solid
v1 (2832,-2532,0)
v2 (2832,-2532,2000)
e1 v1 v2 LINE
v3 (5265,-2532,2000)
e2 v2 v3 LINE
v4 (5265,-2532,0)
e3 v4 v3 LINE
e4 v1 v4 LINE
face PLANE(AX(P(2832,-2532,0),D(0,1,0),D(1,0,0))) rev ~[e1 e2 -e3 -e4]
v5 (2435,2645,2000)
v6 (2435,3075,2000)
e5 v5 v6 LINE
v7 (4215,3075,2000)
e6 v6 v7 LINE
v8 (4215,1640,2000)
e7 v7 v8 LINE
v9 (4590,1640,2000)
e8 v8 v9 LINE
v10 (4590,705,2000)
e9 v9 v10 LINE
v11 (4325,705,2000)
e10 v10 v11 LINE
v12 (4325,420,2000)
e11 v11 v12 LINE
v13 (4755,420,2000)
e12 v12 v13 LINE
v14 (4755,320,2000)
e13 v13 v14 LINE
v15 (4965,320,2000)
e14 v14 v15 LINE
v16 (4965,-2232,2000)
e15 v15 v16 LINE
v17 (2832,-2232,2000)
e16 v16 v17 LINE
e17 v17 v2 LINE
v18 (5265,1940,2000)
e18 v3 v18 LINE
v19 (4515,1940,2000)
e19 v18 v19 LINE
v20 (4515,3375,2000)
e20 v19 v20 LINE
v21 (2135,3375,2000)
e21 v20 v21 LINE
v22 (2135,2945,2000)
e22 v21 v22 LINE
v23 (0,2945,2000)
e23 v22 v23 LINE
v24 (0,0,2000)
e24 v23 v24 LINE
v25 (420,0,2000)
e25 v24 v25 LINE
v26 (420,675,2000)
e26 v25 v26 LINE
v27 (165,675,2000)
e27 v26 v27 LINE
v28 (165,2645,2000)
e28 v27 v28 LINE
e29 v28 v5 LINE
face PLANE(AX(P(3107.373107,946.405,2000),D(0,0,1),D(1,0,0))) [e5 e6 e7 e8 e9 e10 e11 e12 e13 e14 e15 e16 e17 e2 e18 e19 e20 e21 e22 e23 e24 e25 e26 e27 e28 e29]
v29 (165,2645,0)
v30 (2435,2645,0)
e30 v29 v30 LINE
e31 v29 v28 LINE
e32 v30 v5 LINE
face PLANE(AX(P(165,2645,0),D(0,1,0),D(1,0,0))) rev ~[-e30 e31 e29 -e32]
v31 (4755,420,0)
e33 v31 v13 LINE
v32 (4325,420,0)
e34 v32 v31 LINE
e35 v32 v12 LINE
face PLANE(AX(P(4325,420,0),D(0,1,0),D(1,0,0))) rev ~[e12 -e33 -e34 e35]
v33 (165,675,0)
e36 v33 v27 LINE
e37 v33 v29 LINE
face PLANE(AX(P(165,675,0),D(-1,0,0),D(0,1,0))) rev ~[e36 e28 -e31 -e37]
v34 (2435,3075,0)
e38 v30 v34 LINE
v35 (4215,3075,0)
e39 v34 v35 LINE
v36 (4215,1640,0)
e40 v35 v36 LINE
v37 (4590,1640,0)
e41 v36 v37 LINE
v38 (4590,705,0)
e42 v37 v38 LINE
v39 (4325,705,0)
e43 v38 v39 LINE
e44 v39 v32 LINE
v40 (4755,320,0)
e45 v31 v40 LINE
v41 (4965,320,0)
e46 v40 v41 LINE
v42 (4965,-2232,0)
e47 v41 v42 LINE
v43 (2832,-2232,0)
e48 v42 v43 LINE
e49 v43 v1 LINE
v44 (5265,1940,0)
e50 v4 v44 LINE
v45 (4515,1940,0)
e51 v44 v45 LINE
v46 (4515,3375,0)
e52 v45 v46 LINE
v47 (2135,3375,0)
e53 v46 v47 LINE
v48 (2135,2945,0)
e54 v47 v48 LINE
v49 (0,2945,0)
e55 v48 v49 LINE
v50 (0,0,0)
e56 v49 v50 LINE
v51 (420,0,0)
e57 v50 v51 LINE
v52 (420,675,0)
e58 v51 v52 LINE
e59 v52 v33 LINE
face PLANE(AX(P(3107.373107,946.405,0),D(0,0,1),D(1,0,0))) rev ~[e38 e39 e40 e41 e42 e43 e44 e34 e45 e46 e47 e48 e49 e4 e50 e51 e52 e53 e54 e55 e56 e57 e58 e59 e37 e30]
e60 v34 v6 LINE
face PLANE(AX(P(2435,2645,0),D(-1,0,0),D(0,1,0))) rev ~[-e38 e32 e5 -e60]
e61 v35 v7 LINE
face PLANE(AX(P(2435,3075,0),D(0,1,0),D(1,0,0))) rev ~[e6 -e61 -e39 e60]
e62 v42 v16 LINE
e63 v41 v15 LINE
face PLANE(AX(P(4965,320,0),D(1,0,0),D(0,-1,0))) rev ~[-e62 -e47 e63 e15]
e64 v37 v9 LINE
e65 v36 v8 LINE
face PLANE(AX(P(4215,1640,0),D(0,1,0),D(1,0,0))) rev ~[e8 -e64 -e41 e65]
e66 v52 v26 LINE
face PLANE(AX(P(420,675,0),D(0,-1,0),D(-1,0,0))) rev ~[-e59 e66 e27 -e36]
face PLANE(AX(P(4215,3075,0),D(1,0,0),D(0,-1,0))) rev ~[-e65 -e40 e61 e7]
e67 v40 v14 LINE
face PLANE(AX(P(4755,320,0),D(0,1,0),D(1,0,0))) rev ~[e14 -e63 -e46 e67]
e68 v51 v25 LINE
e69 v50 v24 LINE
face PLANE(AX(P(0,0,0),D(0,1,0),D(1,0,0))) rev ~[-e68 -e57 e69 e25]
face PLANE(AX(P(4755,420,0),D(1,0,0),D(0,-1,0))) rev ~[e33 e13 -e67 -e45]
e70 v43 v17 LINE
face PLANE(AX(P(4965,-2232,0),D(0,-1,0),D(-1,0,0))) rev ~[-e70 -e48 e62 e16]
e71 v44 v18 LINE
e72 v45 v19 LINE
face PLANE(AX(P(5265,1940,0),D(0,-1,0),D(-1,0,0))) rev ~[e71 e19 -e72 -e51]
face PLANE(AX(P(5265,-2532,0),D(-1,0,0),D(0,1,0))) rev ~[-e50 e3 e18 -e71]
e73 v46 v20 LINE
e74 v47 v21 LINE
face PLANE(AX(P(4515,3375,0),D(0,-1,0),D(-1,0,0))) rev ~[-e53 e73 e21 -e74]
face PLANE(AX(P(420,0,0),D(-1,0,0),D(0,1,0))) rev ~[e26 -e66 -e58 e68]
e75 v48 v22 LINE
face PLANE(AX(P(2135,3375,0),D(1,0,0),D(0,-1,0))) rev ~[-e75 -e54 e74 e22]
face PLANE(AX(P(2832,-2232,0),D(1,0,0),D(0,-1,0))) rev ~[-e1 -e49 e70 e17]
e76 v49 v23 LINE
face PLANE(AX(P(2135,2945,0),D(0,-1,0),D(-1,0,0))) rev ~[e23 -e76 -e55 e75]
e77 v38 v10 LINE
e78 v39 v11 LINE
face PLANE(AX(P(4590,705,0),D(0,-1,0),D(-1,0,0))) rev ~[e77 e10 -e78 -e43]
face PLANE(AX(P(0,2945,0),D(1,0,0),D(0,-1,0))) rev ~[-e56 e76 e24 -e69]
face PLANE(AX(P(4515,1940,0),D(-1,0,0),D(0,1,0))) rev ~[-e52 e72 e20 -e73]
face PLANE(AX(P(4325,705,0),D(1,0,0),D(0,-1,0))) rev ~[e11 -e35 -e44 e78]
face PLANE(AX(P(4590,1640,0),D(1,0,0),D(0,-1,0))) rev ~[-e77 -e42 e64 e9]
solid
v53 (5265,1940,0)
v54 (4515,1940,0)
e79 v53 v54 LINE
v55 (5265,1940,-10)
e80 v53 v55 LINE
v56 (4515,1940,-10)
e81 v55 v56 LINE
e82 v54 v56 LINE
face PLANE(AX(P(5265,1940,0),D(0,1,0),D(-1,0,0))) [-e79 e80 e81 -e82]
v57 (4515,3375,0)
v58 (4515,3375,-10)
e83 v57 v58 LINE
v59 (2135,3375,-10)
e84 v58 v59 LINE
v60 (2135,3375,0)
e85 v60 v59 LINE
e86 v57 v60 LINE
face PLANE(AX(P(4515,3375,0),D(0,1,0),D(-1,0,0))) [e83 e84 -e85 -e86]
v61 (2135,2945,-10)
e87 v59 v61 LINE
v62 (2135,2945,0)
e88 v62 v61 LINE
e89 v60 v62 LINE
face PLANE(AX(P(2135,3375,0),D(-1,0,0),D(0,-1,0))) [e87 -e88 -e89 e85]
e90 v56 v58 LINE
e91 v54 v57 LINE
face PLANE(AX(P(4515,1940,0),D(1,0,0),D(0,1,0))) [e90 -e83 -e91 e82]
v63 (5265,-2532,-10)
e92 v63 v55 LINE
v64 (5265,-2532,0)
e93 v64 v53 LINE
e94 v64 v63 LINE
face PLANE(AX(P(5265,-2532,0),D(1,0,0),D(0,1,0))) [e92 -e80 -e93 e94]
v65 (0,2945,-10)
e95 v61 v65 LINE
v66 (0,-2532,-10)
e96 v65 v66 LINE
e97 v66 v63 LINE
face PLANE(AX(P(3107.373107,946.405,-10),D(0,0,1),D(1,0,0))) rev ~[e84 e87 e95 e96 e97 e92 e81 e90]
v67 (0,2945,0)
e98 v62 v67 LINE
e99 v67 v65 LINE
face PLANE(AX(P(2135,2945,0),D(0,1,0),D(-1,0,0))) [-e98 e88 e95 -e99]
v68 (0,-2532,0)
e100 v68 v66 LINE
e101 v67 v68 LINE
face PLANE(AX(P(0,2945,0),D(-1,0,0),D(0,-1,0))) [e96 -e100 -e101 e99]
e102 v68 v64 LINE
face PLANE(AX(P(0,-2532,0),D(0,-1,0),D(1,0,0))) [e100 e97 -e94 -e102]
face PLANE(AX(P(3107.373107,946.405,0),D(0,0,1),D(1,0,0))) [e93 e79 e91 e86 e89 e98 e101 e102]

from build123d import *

# Parameters (mm, degrees)
F1_DEPTH = 2000
F2_DEPTH = 10


with BuildPart() as f1:
    # F0 (on Top) → F1 (new body)
    with BuildSketch(Plane.XY):
        Polygon((0, 2945), (0, 0), (420, 0), (420, 675), (165, 675), (165, 2645), (2435, 2645), (2435, 3075), (4215, 3075), (4215, 1640), (4590, 1640), (4590, 705), (4325, 705), (4325, 420), (4755, 420), (4755, 320), (4965, 320), (4965, -2232), (2832, -2232), (2832, -2532), (5265, -2532), (5265, 1940), (4515, 1940), (4515, 3375), (2135, 3375), (2135, 2945), align=None)
    extrude(amount=F1_DEPTH)


with BuildPart() as f2:
    # F0 (on Top) → F2 (new body)
    with BuildSketch(Plane.XY):
        Polygon((0, 2945), (0, 0), (420, 0), (420, 675), (165, 675), (165, 2645), (2435, 2645), (2435, 3075), (4215, 3075), (4215, 1640), (4590, 1640), (4590, 705), (4325, 705), (4325, 420), (4755, 420), (4755, 320), (4965, 320), (4965, -2232), (2832, -2232), (2832, -2532), (5265, -2532), (5265, 1940), (4515, 1940), (4515, 3375), (2135, 3375), (2135, 2945), align=None)
        Polygon((420, 0), (0, 0), (0, -2532), (2832, -2532), (2832, -2232), (4965, -2232), (4965, 320), (4755, 320), (4755, 420), (4325, 420), (4325, 705), (4590, 705), (4590, 1640), (4215, 1640), (4215, 3075), (2435, 3075), (2435, 2645), (165, 2645), (165, 675), (420, 675), align=None)
    extrude(amount=-F2_DEPTH)


solid = Compound([f1.part, f2.part])
